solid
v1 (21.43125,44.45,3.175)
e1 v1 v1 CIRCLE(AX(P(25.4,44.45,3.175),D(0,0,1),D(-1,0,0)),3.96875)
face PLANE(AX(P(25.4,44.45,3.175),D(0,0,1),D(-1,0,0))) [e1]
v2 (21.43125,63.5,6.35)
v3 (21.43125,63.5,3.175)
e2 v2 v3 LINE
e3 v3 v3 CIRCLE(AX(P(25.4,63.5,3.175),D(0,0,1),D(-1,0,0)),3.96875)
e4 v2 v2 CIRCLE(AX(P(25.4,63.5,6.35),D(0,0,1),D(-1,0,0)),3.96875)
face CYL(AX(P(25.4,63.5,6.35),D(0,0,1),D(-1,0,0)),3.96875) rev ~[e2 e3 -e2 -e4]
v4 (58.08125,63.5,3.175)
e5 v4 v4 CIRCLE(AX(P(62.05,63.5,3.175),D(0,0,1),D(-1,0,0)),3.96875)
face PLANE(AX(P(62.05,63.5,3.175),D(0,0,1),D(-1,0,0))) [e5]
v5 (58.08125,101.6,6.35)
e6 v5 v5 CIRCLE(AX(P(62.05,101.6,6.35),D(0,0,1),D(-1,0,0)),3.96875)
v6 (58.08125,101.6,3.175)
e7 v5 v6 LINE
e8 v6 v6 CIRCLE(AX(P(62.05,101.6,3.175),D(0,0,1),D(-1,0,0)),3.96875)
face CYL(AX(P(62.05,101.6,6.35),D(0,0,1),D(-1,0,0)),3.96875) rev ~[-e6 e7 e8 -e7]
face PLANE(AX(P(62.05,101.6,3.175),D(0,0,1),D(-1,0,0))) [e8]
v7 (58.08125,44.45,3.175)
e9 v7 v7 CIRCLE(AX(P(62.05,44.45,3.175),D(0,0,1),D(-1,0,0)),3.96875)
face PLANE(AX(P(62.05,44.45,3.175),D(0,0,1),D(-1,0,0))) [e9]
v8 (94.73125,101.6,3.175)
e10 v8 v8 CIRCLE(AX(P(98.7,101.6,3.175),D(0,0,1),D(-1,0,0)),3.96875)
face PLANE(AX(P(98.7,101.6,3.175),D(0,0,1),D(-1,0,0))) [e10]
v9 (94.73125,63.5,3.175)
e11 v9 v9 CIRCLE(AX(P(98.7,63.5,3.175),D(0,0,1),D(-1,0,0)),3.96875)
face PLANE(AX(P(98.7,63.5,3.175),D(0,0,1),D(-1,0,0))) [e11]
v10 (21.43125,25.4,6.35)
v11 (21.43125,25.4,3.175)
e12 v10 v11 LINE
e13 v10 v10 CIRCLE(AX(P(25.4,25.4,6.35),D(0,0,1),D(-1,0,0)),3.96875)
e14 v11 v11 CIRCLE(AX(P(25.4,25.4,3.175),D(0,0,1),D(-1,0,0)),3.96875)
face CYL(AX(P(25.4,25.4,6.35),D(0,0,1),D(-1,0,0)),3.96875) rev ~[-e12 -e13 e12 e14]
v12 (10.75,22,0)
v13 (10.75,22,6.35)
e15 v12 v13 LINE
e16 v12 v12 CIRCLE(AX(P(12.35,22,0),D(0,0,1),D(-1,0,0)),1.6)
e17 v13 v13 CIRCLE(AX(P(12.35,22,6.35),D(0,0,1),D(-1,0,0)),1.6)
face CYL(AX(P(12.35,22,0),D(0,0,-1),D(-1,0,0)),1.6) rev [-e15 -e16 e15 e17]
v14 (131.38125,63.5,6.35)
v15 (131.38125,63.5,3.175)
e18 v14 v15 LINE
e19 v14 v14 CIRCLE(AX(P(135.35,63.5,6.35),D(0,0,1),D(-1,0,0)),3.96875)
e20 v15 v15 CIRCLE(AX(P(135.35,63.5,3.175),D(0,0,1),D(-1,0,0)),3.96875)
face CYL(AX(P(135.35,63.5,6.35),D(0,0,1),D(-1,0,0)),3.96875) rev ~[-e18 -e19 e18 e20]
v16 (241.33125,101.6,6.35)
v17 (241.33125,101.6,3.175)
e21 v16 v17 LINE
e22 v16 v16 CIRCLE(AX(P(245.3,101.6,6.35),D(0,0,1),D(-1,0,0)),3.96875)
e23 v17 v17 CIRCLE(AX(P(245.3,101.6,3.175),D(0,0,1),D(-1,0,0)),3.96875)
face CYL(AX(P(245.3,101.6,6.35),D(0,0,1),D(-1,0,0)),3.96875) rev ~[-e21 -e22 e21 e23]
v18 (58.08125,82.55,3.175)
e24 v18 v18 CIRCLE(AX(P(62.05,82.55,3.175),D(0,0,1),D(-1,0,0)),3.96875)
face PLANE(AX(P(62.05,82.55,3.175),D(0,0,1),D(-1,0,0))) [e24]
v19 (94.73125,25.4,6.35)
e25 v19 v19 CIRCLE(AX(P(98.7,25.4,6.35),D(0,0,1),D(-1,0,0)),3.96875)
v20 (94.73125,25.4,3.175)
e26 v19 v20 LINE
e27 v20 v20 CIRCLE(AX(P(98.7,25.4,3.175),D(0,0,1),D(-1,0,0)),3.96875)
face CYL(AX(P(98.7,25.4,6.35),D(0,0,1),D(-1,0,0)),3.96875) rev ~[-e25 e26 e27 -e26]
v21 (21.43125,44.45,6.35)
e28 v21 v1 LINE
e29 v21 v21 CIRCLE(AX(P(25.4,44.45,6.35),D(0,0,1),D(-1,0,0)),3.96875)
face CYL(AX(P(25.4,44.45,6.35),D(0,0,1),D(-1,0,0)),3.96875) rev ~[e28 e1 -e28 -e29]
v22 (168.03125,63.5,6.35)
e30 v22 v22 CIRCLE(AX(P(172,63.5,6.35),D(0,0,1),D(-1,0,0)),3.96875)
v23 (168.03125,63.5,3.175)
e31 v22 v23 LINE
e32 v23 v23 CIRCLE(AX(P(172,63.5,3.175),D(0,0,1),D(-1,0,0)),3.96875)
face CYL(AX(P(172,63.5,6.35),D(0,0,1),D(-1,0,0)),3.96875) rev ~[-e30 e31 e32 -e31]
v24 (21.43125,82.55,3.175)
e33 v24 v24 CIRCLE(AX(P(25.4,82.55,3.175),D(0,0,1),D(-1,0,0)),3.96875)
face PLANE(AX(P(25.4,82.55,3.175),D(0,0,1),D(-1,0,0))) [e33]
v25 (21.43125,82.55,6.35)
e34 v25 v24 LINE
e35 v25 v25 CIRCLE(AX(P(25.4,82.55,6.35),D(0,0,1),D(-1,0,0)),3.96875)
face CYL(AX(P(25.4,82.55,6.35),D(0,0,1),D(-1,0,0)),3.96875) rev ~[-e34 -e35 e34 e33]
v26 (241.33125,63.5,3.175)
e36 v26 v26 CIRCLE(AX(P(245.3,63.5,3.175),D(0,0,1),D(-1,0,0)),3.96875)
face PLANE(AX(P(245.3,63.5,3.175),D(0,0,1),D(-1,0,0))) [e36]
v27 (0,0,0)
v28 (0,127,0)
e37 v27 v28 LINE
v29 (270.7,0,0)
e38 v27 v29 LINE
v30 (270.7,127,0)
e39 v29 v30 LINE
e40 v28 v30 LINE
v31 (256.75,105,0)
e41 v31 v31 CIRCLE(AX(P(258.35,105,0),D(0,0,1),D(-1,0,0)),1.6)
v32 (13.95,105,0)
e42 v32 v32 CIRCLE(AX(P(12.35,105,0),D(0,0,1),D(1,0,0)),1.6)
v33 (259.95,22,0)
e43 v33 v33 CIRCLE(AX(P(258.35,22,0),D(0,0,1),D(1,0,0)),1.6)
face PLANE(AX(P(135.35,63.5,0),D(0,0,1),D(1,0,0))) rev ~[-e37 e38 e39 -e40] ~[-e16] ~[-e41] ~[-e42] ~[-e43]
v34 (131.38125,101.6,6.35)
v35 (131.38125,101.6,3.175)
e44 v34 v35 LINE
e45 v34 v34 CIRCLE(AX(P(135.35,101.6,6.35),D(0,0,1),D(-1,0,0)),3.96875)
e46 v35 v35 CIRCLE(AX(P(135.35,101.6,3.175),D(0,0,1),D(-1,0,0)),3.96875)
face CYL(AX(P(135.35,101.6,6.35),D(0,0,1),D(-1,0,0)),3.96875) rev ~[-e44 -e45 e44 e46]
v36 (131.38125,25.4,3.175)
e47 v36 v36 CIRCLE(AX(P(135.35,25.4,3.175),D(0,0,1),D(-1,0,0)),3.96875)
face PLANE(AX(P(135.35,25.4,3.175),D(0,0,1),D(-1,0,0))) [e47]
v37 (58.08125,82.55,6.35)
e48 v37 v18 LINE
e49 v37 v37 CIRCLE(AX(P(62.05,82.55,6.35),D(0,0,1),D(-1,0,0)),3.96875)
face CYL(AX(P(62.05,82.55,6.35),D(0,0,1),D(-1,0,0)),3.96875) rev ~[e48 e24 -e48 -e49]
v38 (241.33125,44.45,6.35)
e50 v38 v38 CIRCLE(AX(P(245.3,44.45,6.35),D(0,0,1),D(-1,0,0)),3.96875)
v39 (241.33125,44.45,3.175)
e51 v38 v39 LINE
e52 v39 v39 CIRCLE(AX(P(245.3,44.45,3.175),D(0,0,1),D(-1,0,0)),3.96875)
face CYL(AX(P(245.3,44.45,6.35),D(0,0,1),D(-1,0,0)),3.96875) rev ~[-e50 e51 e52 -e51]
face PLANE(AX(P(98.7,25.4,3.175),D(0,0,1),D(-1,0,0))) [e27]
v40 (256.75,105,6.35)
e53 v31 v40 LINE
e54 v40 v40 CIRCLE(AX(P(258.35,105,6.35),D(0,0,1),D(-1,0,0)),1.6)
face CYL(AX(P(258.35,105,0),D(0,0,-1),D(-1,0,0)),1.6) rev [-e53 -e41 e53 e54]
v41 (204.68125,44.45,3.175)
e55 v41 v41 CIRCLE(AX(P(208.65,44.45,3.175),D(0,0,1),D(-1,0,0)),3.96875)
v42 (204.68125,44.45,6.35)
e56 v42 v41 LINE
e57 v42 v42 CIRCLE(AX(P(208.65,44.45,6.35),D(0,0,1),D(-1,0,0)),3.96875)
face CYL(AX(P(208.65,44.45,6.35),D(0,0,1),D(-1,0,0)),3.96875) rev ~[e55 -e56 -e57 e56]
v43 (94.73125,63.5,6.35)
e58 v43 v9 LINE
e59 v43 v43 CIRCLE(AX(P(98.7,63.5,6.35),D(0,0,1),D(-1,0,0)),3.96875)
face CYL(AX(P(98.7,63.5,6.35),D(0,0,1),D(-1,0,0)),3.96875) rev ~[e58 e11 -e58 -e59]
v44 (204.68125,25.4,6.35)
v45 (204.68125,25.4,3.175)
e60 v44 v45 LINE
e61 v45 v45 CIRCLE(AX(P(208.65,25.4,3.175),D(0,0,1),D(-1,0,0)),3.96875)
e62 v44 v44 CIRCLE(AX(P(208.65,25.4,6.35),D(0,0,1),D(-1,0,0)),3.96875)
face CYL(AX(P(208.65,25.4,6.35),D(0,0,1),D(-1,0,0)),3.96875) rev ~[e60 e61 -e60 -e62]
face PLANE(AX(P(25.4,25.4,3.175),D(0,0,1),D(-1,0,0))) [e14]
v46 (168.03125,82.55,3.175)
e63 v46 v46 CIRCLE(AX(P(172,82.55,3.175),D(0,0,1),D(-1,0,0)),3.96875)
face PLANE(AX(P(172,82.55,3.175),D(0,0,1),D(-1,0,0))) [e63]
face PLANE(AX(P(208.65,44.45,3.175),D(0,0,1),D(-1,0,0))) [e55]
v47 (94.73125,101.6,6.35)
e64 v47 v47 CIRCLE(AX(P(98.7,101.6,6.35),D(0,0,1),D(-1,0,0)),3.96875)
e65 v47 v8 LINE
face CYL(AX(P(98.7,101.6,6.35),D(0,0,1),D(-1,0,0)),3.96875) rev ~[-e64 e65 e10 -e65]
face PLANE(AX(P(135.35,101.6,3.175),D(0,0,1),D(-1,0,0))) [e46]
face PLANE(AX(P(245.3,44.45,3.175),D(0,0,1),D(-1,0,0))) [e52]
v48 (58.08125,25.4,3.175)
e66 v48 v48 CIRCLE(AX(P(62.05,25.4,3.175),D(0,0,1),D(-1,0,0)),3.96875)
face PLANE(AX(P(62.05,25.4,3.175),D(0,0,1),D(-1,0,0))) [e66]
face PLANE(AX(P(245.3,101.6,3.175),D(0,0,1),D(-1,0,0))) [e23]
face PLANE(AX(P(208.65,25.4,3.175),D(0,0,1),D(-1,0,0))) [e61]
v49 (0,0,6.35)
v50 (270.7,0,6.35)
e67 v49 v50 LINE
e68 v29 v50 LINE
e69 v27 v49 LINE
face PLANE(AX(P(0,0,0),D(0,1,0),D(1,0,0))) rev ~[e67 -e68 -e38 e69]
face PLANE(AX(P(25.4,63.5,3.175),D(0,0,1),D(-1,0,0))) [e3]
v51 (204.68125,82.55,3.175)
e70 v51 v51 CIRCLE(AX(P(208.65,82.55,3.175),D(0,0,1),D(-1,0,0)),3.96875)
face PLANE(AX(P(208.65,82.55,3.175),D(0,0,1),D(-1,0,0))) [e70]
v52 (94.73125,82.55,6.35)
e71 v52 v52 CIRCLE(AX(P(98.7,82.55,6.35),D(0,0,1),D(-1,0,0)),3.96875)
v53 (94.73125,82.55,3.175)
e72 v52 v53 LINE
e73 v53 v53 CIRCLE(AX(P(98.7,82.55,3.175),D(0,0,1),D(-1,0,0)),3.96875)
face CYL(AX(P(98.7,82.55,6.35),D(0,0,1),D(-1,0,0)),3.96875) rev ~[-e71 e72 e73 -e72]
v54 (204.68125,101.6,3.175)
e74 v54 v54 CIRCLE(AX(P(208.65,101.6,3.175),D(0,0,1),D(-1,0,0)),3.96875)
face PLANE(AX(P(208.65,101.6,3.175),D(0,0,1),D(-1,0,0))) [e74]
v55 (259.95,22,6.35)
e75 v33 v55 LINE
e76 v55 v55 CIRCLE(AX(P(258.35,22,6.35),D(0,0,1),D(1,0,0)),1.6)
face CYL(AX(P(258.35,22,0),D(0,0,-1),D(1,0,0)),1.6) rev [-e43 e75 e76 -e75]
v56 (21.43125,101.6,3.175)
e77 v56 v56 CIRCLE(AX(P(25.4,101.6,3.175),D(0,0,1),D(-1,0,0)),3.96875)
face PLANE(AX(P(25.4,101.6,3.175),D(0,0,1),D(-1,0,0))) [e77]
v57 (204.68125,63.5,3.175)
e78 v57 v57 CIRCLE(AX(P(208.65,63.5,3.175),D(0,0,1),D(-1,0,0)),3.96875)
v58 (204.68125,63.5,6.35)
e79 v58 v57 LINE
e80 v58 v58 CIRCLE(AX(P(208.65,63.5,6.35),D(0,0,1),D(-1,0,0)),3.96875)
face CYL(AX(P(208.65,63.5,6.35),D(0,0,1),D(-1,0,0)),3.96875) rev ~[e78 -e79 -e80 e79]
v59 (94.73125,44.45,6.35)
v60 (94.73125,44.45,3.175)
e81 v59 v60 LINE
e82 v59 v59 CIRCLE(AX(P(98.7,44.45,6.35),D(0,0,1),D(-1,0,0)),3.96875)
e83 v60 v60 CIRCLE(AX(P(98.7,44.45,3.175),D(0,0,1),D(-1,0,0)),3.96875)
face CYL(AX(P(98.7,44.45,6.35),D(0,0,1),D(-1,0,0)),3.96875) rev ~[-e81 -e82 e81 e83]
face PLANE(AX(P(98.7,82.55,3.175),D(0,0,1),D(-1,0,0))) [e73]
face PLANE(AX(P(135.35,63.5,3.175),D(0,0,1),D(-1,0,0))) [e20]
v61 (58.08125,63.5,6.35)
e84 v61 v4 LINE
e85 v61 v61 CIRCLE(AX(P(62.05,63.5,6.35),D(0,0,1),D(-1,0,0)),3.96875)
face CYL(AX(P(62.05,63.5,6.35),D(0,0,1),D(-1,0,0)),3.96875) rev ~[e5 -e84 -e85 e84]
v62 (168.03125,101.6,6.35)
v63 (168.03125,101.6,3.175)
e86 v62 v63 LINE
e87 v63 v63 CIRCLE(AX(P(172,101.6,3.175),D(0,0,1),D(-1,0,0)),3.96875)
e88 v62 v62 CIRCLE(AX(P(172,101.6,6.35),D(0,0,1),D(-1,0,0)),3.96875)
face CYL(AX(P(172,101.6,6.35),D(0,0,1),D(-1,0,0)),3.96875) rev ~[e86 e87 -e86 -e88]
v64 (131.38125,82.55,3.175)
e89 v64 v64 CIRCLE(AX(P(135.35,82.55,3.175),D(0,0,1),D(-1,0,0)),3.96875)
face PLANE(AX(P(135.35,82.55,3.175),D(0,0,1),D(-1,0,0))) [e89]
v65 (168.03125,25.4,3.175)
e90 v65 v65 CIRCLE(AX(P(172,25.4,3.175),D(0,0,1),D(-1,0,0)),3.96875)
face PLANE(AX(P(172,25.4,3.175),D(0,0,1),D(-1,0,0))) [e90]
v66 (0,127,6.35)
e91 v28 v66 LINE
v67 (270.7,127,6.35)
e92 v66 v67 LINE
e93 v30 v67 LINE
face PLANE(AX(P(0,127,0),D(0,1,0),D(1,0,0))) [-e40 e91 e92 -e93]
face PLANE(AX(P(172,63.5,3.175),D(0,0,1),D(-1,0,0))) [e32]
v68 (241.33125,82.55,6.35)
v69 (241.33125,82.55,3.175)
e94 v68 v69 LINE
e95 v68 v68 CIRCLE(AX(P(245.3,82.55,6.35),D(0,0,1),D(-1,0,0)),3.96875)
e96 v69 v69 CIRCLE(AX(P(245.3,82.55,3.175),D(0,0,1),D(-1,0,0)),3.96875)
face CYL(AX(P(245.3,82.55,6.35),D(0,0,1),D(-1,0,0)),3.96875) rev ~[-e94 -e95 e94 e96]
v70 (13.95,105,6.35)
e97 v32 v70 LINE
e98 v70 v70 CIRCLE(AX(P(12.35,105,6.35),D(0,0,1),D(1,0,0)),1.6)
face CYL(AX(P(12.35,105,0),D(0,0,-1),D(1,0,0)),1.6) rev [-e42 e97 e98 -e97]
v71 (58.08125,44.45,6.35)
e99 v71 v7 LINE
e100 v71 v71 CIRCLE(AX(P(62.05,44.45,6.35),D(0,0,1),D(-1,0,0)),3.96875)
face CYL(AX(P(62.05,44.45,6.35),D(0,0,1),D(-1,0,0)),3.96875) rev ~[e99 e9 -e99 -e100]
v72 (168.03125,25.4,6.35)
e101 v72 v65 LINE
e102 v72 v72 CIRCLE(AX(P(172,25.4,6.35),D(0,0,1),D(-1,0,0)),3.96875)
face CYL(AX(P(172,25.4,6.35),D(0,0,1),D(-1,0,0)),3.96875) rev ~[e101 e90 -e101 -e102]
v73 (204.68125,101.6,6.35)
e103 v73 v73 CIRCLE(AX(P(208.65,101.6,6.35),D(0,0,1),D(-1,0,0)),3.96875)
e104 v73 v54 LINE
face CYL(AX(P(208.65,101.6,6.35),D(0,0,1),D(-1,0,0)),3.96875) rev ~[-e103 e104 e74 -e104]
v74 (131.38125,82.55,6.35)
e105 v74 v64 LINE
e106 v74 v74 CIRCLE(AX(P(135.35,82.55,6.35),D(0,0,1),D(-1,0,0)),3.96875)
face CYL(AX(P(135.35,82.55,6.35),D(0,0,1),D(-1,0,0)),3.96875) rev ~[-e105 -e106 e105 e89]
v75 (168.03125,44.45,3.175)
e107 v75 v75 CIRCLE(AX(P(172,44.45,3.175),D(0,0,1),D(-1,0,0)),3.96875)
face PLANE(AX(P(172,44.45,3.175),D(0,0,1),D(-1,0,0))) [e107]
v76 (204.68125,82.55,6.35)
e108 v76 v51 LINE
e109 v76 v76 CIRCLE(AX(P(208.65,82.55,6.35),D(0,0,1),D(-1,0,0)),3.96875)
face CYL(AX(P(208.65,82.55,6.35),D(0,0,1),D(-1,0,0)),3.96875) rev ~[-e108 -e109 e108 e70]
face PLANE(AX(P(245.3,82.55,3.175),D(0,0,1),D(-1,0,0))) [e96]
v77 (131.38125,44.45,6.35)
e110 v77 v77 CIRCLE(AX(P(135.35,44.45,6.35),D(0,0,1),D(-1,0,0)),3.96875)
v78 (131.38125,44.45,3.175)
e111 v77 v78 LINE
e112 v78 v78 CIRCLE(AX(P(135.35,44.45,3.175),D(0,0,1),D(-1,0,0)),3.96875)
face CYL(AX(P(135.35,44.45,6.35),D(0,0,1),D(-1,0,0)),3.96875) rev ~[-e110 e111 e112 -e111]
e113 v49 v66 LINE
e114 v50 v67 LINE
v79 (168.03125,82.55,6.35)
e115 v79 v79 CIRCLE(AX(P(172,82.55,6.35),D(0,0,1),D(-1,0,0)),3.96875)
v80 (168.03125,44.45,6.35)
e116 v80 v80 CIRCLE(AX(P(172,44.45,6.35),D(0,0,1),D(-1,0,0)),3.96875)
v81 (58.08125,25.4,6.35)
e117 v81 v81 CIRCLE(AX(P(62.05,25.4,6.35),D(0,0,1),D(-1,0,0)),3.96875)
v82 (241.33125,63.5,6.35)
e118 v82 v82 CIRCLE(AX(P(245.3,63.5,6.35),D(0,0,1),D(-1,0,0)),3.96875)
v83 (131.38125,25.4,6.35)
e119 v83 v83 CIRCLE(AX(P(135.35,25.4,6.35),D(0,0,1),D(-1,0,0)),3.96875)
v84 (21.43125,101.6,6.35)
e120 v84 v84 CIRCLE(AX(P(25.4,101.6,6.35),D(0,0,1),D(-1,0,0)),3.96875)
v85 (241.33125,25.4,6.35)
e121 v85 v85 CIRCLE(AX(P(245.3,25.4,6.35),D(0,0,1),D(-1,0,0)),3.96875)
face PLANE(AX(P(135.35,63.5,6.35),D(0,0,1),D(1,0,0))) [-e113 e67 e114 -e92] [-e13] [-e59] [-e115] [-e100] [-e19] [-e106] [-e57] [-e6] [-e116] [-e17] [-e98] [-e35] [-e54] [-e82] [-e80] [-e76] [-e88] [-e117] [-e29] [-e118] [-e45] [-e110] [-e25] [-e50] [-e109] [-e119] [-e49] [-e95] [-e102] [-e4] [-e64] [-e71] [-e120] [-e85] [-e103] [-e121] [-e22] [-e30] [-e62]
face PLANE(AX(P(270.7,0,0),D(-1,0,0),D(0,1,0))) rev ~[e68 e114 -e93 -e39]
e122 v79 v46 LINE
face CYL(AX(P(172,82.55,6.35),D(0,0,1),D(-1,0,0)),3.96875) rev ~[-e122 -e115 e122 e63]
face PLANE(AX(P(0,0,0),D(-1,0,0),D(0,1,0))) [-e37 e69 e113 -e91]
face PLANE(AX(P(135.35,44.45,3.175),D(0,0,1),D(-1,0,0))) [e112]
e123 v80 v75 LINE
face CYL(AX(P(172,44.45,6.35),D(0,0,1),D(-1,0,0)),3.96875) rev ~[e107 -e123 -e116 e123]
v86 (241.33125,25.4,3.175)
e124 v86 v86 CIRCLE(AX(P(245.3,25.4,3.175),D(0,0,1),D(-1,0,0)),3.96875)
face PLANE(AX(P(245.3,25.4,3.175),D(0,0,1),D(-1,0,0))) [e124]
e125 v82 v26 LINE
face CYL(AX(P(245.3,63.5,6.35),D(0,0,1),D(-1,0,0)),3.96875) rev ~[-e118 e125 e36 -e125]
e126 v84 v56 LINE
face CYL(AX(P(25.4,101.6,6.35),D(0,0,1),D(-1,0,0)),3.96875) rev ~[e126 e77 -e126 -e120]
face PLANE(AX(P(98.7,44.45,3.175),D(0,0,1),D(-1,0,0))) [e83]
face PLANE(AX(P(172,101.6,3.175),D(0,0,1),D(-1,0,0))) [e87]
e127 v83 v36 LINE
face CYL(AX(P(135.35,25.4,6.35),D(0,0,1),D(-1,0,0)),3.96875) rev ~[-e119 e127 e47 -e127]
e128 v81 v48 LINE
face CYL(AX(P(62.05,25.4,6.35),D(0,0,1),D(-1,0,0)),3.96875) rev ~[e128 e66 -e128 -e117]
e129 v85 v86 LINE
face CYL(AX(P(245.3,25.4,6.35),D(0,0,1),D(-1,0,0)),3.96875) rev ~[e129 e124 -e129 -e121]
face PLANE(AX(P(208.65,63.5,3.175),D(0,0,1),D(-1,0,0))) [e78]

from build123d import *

# Parameters (mm, degrees)
SKETCH1_W                 = 270.7
SKETCH1_H                 = 127
SKETCH1_R                 = 1.6
WALL_DEPTH                = 6.35
SKETCH5_R                 = 3.96875
RODSUPPORTCUTOUT_DEPTH    = 3.175
SUPPORTPATTERN_COUNT      = 7
SUPPORTPATTERN_PITCH      = 36.65
SUPPORTPATTERN_COUNT_DIR2 = 5
SUPPORTPATTERN_PITCH_DIR2 = 19.05


with BuildPart() as part:
    # Sketch1 → Wall (new body)
    with BuildSketch(Plane.XY):
        with Locations((135.35, 63.5)):
            Rectangle(SKETCH1_W, SKETCH1_H)
        with Locations((12.35, 105)):
            Circle(SKETCH1_R, mode=Mode.SUBTRACT)
        with Locations(Location((258.35, 105, 0), (0, 0, 180))):
            Circle(SKETCH1_R, mode=Mode.SUBTRACT)
        with Locations((258.35, 22)):
            Circle(SKETCH1_R, mode=Mode.SUBTRACT)
        with Locations(Location((12.35, 22, 0), (0, 0, 180))):
            Circle(SKETCH1_R, mode=Mode.SUBTRACT)
    extrude(amount=WALL_DEPTH)

    # Sketch5 → RodSupportCutout (cut)
    with BuildSketch(Plane.XY.offset(6.35)):
        with Locations(Location((25.4, 101.6, 0), (0, 0, 180))):
            Circle(SKETCH5_R)
    rodsupportcutout = extrude(amount=-RODSUPPORTCUTOUT_DEPTH, mode=Mode.SUBTRACT)

    # SupportPattern: RodSupportCutout 7 × 5
    with Locations(*[(i * SUPPORTPATTERN_PITCH, -j * SUPPORTPATTERN_PITCH_DIR2, 0) for i in range(SUPPORTPATTERN_COUNT) for j in range(SUPPORTPATTERN_COUNT_DIR2) if (i, j) != (0, 0)]):
        add(rodsupportcutout, mode=Mode.SUBTRACT)


solid = part.part
